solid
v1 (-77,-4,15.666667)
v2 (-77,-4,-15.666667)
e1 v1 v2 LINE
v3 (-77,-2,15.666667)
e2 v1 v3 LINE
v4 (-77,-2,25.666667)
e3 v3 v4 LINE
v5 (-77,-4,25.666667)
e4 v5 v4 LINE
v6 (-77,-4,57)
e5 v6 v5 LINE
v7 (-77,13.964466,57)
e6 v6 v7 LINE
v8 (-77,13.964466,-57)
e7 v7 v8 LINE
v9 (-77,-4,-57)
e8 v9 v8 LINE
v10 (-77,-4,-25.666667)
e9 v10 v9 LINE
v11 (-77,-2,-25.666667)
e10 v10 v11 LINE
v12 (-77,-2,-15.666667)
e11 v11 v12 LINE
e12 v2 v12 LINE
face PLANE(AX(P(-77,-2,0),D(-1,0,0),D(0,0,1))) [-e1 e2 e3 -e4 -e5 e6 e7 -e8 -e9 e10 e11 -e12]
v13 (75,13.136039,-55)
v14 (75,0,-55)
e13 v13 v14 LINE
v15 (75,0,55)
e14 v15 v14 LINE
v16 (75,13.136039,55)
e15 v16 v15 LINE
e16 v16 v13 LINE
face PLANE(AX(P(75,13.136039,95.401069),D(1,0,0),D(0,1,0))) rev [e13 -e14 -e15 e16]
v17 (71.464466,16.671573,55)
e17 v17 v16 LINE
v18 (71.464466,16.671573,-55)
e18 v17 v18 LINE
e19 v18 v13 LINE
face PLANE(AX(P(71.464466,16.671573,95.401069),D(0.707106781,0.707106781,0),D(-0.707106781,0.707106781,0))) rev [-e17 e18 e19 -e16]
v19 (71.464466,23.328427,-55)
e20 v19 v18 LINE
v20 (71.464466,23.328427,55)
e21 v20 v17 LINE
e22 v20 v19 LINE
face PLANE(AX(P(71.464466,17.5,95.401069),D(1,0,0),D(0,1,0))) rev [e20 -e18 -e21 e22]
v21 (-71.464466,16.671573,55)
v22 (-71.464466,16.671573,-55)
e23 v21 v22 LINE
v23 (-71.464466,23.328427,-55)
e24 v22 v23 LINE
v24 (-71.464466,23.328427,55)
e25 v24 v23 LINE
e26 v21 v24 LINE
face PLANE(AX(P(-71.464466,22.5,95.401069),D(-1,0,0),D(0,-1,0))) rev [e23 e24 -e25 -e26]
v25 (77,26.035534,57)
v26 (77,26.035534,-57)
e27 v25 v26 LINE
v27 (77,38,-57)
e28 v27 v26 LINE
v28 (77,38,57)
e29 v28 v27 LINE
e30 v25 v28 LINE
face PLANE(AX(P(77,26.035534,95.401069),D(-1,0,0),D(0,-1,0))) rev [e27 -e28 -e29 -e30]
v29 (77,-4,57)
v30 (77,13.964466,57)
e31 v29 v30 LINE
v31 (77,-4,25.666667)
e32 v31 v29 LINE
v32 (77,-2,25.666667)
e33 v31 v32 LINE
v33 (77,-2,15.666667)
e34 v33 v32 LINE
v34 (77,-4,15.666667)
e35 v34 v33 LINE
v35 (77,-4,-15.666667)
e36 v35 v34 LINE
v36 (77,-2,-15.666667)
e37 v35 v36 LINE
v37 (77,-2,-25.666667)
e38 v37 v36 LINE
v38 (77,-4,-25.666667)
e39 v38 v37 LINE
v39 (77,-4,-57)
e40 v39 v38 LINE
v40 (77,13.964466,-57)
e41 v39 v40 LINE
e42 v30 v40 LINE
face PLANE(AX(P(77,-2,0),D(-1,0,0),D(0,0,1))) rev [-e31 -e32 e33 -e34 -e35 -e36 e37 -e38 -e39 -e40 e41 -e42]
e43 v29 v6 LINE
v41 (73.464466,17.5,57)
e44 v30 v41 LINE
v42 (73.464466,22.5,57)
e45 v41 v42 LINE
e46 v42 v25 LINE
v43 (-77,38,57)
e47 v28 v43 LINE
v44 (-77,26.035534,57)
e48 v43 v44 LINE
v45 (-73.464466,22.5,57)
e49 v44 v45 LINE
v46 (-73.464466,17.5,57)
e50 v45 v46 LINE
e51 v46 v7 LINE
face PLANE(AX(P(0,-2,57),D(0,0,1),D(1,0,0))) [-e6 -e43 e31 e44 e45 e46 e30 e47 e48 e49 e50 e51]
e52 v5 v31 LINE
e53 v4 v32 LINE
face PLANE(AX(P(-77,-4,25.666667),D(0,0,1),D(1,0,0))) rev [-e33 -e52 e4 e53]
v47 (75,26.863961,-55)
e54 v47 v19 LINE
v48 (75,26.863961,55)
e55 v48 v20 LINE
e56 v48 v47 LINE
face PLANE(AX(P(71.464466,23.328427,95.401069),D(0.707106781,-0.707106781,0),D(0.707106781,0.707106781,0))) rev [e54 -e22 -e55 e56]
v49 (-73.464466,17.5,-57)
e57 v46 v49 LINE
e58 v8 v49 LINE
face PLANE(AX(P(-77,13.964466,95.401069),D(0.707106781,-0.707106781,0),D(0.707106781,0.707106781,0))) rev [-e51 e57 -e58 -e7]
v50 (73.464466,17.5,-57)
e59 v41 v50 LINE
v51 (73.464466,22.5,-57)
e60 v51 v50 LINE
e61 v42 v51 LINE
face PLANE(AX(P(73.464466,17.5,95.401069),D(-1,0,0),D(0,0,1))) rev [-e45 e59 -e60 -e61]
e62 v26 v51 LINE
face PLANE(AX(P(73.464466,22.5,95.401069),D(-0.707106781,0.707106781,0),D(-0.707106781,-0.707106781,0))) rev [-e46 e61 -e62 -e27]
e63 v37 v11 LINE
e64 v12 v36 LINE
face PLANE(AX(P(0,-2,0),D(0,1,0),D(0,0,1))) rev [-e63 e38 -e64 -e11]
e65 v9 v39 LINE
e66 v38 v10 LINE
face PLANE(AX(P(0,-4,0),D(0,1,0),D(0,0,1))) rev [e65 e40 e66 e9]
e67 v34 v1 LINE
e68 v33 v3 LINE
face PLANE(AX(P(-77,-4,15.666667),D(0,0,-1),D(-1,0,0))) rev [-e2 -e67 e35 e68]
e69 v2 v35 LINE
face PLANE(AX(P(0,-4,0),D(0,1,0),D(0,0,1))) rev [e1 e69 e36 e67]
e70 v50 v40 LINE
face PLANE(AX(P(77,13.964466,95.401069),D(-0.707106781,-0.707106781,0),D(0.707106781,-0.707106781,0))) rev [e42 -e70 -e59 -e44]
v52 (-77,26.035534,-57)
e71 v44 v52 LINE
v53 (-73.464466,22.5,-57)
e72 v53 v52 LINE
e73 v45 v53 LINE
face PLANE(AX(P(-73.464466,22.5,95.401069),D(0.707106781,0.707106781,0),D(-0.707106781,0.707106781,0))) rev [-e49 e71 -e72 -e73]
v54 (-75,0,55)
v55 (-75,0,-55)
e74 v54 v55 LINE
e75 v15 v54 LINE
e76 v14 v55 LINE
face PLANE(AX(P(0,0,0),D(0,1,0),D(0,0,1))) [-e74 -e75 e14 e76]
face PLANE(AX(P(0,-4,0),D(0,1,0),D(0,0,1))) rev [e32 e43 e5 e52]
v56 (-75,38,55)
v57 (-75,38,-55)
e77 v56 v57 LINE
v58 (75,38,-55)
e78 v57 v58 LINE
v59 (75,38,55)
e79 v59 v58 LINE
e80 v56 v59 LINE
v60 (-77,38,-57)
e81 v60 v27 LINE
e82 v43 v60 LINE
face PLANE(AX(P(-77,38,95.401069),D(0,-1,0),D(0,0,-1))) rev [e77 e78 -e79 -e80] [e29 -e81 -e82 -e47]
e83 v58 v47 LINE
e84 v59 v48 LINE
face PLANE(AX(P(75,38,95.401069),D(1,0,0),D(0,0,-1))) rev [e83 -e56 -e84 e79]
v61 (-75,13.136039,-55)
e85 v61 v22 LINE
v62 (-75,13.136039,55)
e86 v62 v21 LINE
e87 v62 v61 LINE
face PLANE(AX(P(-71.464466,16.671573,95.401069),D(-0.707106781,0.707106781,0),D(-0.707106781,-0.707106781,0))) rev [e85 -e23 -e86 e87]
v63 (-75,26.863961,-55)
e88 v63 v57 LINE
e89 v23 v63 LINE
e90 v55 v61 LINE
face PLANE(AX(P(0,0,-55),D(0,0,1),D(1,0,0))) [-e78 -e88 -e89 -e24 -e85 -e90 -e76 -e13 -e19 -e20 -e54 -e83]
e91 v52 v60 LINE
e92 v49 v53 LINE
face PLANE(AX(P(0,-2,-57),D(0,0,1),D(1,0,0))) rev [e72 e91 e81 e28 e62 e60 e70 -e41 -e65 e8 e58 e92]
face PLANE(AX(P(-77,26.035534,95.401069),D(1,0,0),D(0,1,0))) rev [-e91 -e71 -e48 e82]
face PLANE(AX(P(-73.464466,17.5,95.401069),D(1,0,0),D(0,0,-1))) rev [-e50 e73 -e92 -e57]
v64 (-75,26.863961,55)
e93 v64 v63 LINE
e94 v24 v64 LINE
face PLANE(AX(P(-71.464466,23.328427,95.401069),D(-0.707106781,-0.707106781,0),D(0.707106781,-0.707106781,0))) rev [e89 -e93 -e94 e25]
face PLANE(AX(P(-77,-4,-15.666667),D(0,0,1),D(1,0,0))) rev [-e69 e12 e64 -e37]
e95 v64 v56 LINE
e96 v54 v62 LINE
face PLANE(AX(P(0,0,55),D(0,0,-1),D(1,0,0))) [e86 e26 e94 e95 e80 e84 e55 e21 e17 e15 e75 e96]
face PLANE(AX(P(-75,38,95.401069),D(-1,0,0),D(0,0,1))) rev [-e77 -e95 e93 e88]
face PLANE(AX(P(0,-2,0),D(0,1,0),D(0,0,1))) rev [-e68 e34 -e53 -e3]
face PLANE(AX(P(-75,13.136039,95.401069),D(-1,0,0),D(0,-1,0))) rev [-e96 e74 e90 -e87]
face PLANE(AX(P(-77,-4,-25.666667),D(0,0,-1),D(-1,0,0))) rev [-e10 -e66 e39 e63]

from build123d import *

# Parameters (mm, degrees)
SKETCH1_W                       = 154
SKETCH1_H                       = 114
SKETCH1_W_2                     = 150
SKETCH1_H_2                     = 110
BOSS_EXTRUDE1_DEPTH             = 2
BOSS_EXTRUDE2_REACH             = 97.823
BOSS_EXTRUDE2_DIRECTION_2_REACH = 97.823
BOSS_EXTRUDE3_DEPTH             = 2
SKETCH4_W                       = 154
SKETCH4_H                       = 31.333333333
SKETCH4_H_2                     = 31.333333334
BOSS_EXTRUDE4_DEPTH             = 2


with BuildPart() as part:
    # Sketch1 → Boss-Extrude1 (new body)
    # profile 1 of 3: a face of its own
    with BuildSketch(Plane(origin=(0, 0, 0), x_dir=(1, 0, 0), z_dir=(0, 1, 0))):
        Rectangle(SKETCH1_W, SKETCH1_H)
        Rectangle(SKETCH1_W_2, SKETCH1_H_2, mode=Mode.SUBTRACT)
    # profile 2 of 3: a face of its own
    with BuildSketch(Plane(origin=(0, 0, 0), x_dir=(1, 0, 0), z_dir=(0, 1, 0))):
        Polygon((-75, 55), (-75, -55), (75, -55), align=None)
    # profile 3 of 3: a face of its own
    with BuildSketch(Plane(origin=(0, 0, 0), x_dir=(1, 0, 0), z_dir=(0, 1, 0))):
        Polygon((75, 55), (75, -55), (-75, 55), align=None)
    extrude(amount=-BOSS_EXTRUDE1_DEPTH)

    # Boss-Extrude2: up to this face of the body (flat: up to its plane)
    boss_extrude2_end = Plane(part.part.faces().sort_by_distance((0, -1, 57))[0])
    # Sketch2 → Boss-Extrude2 (add, up to the picked face)
    with BuildSketch(Plane.XY, mode=Mode.PRIVATE) as boss_extrude2_sk1:
        Polygon((-77, 0), (-77, 13.964466094), (-73.464466094, 17.5), (-73.464466094, 22.5), (-77, 26.035533906), (-77, 38), (-75, 38), (-75, 26.863961031), (-71.464466094, 23.328427125), (-71.464466094, 22.5), (-71.464466094, 17.5), (-71.464466094, 16.671572875), (-75, 13.136038969), (-75, 0), align=None)
    boss_extrude2_tool1 = split(extrude(boss_extrude2_sk1.sketch, amount=BOSS_EXTRUDE2_REACH, mode=Mode.PRIVATE), bisect_by=boss_extrude2_end, keep=Keep.BOTH, mode=Mode.PRIVATE)
    # Sketch2 → Boss-Extrude2 (add, up to the picked face)
    with BuildSketch(Plane.XY, mode=Mode.PRIVATE) as boss_extrude2_sk2:
        Polygon((75, 38), (75, 26.863961031), (71.464466094, 23.328427125), (71.464466094, 22.5), (71.464466094, 17.5), (71.464466094, 16.671572875), (75, 13.136038969), (75, 0), (77, 0), (77, 13.964466094), (73.464466094, 17.5), (73.464466094, 22.5), (77, 26.035533906), (77, 38), align=None)
    boss_extrude2_tool2 = split(extrude(boss_extrude2_sk2.sketch, amount=BOSS_EXTRUDE2_REACH, mode=Mode.PRIVATE), bisect_by=boss_extrude2_end, keep=Keep.BOTH, mode=Mode.PRIVATE)
    add(boss_extrude2_tool1.solids().sort_by(Axis((-76.615989, 6.982233, 0), (0, 0, 1)))[0])
    add(boss_extrude2_tool2.solids().sort_by(Axis((75.384011, 32.431981, 0), (0, 0, 1)))[0])

    # Boss-Extrude2 direction 2: up to this face of the body (flat: up to its plane)
    boss_extrude2_direction_2_end = Plane(part.part.faces().sort_by_distance((0, -1, -57))[0])
    # Sketch2 → Boss-Extrude2 direction 2 (add, up to the picked face)
    with BuildSketch(Plane.XY, mode=Mode.PRIVATE) as boss_extrude2_direction_2_sk1:
        Polygon((-77, 0), (-77, 13.964466094), (-73.464466094, 17.5), (-73.464466094, 22.5), (-77, 26.035533906), (-77, 38), (-75, 38), (-75, 26.863961031), (-71.464466094, 23.328427125), (-71.464466094, 22.5), (-71.464466094, 17.5), (-71.464466094, 16.671572875), (-75, 13.136038969), (-75, 0), align=None)
    boss_extrude2_direction_2_tool1 = split(extrude(boss_extrude2_direction_2_sk1.sketch, amount=-BOSS_EXTRUDE2_DIRECTION_2_REACH, mode=Mode.PRIVATE), bisect_by=boss_extrude2_direction_2_end, keep=Keep.BOTH, mode=Mode.PRIVATE)
    # Sketch2 → Boss-Extrude2 direction 2 (add, up to the picked face)
    with BuildSketch(Plane.XY, mode=Mode.PRIVATE) as boss_extrude2_direction_2_sk2:
        Polygon((75, 38), (75, 26.863961031), (71.464466094, 23.328427125), (71.464466094, 22.5), (71.464466094, 17.5), (71.464466094, 16.671572875), (75, 13.136038969), (75, 0), (77, 0), (77, 13.964466094), (73.464466094, 17.5), (73.464466094, 22.5), (77, 26.035533906), (77, 38), align=None)
    boss_extrude2_direction_2_tool2 = split(extrude(boss_extrude2_direction_2_sk2.sketch, amount=-BOSS_EXTRUDE2_DIRECTION_2_REACH, mode=Mode.PRIVATE), bisect_by=boss_extrude2_direction_2_end, keep=Keep.BOTH, mode=Mode.PRIVATE)
    add(boss_extrude2_direction_2_tool1.solids().sort_by(Axis((-76.615989, 6.982233, 0), (0, 0, -1)))[0])
    add(boss_extrude2_direction_2_tool2.solids().sort_by(Axis((75.384011, 32.431981, 0), (0, 0, -1)))[0])

    # Sketch3 → Boss-Extrude3 (add)
    with BuildSketch(Plane(origin=(0, 0, -57), x_dir=(-1, 0, 0), z_dir=(0, 0, -1))):
        Polygon((-75, 38), (75, 38), (75, 26.863961031), (71.464466094, 23.328427125), (71.464466094, 16.671572875), (75, 13.136038969), (75, 0), (-75, 0), (-75, 13.136038969), (-71.464466094, 16.671572875), (-71.464466094, 23.328427125), (-75, 26.863961031), align=None)
    boss_extrude3 = extrude(amount=-BOSS_EXTRUDE3_DEPTH)

    # Mirror1: Boss-Extrude3 across plane
    add(boss_extrude3.mirror(Plane.XY))

    # Sketch4 → Boss-Extrude4 (add)
    with BuildSketch(Plane.XZ.offset(2)):
        with Locations((0, -41.333333334)):
            Rectangle(SKETCH4_W, SKETCH4_H)
        Rectangle(SKETCH4_W, SKETCH4_H_2)
        with Locations((0, 41.333333334)):
            Rectangle(SKETCH4_W, SKETCH4_H)
    extrude(amount=BOSS_EXTRUDE4_DEPTH)


solid = part.part
